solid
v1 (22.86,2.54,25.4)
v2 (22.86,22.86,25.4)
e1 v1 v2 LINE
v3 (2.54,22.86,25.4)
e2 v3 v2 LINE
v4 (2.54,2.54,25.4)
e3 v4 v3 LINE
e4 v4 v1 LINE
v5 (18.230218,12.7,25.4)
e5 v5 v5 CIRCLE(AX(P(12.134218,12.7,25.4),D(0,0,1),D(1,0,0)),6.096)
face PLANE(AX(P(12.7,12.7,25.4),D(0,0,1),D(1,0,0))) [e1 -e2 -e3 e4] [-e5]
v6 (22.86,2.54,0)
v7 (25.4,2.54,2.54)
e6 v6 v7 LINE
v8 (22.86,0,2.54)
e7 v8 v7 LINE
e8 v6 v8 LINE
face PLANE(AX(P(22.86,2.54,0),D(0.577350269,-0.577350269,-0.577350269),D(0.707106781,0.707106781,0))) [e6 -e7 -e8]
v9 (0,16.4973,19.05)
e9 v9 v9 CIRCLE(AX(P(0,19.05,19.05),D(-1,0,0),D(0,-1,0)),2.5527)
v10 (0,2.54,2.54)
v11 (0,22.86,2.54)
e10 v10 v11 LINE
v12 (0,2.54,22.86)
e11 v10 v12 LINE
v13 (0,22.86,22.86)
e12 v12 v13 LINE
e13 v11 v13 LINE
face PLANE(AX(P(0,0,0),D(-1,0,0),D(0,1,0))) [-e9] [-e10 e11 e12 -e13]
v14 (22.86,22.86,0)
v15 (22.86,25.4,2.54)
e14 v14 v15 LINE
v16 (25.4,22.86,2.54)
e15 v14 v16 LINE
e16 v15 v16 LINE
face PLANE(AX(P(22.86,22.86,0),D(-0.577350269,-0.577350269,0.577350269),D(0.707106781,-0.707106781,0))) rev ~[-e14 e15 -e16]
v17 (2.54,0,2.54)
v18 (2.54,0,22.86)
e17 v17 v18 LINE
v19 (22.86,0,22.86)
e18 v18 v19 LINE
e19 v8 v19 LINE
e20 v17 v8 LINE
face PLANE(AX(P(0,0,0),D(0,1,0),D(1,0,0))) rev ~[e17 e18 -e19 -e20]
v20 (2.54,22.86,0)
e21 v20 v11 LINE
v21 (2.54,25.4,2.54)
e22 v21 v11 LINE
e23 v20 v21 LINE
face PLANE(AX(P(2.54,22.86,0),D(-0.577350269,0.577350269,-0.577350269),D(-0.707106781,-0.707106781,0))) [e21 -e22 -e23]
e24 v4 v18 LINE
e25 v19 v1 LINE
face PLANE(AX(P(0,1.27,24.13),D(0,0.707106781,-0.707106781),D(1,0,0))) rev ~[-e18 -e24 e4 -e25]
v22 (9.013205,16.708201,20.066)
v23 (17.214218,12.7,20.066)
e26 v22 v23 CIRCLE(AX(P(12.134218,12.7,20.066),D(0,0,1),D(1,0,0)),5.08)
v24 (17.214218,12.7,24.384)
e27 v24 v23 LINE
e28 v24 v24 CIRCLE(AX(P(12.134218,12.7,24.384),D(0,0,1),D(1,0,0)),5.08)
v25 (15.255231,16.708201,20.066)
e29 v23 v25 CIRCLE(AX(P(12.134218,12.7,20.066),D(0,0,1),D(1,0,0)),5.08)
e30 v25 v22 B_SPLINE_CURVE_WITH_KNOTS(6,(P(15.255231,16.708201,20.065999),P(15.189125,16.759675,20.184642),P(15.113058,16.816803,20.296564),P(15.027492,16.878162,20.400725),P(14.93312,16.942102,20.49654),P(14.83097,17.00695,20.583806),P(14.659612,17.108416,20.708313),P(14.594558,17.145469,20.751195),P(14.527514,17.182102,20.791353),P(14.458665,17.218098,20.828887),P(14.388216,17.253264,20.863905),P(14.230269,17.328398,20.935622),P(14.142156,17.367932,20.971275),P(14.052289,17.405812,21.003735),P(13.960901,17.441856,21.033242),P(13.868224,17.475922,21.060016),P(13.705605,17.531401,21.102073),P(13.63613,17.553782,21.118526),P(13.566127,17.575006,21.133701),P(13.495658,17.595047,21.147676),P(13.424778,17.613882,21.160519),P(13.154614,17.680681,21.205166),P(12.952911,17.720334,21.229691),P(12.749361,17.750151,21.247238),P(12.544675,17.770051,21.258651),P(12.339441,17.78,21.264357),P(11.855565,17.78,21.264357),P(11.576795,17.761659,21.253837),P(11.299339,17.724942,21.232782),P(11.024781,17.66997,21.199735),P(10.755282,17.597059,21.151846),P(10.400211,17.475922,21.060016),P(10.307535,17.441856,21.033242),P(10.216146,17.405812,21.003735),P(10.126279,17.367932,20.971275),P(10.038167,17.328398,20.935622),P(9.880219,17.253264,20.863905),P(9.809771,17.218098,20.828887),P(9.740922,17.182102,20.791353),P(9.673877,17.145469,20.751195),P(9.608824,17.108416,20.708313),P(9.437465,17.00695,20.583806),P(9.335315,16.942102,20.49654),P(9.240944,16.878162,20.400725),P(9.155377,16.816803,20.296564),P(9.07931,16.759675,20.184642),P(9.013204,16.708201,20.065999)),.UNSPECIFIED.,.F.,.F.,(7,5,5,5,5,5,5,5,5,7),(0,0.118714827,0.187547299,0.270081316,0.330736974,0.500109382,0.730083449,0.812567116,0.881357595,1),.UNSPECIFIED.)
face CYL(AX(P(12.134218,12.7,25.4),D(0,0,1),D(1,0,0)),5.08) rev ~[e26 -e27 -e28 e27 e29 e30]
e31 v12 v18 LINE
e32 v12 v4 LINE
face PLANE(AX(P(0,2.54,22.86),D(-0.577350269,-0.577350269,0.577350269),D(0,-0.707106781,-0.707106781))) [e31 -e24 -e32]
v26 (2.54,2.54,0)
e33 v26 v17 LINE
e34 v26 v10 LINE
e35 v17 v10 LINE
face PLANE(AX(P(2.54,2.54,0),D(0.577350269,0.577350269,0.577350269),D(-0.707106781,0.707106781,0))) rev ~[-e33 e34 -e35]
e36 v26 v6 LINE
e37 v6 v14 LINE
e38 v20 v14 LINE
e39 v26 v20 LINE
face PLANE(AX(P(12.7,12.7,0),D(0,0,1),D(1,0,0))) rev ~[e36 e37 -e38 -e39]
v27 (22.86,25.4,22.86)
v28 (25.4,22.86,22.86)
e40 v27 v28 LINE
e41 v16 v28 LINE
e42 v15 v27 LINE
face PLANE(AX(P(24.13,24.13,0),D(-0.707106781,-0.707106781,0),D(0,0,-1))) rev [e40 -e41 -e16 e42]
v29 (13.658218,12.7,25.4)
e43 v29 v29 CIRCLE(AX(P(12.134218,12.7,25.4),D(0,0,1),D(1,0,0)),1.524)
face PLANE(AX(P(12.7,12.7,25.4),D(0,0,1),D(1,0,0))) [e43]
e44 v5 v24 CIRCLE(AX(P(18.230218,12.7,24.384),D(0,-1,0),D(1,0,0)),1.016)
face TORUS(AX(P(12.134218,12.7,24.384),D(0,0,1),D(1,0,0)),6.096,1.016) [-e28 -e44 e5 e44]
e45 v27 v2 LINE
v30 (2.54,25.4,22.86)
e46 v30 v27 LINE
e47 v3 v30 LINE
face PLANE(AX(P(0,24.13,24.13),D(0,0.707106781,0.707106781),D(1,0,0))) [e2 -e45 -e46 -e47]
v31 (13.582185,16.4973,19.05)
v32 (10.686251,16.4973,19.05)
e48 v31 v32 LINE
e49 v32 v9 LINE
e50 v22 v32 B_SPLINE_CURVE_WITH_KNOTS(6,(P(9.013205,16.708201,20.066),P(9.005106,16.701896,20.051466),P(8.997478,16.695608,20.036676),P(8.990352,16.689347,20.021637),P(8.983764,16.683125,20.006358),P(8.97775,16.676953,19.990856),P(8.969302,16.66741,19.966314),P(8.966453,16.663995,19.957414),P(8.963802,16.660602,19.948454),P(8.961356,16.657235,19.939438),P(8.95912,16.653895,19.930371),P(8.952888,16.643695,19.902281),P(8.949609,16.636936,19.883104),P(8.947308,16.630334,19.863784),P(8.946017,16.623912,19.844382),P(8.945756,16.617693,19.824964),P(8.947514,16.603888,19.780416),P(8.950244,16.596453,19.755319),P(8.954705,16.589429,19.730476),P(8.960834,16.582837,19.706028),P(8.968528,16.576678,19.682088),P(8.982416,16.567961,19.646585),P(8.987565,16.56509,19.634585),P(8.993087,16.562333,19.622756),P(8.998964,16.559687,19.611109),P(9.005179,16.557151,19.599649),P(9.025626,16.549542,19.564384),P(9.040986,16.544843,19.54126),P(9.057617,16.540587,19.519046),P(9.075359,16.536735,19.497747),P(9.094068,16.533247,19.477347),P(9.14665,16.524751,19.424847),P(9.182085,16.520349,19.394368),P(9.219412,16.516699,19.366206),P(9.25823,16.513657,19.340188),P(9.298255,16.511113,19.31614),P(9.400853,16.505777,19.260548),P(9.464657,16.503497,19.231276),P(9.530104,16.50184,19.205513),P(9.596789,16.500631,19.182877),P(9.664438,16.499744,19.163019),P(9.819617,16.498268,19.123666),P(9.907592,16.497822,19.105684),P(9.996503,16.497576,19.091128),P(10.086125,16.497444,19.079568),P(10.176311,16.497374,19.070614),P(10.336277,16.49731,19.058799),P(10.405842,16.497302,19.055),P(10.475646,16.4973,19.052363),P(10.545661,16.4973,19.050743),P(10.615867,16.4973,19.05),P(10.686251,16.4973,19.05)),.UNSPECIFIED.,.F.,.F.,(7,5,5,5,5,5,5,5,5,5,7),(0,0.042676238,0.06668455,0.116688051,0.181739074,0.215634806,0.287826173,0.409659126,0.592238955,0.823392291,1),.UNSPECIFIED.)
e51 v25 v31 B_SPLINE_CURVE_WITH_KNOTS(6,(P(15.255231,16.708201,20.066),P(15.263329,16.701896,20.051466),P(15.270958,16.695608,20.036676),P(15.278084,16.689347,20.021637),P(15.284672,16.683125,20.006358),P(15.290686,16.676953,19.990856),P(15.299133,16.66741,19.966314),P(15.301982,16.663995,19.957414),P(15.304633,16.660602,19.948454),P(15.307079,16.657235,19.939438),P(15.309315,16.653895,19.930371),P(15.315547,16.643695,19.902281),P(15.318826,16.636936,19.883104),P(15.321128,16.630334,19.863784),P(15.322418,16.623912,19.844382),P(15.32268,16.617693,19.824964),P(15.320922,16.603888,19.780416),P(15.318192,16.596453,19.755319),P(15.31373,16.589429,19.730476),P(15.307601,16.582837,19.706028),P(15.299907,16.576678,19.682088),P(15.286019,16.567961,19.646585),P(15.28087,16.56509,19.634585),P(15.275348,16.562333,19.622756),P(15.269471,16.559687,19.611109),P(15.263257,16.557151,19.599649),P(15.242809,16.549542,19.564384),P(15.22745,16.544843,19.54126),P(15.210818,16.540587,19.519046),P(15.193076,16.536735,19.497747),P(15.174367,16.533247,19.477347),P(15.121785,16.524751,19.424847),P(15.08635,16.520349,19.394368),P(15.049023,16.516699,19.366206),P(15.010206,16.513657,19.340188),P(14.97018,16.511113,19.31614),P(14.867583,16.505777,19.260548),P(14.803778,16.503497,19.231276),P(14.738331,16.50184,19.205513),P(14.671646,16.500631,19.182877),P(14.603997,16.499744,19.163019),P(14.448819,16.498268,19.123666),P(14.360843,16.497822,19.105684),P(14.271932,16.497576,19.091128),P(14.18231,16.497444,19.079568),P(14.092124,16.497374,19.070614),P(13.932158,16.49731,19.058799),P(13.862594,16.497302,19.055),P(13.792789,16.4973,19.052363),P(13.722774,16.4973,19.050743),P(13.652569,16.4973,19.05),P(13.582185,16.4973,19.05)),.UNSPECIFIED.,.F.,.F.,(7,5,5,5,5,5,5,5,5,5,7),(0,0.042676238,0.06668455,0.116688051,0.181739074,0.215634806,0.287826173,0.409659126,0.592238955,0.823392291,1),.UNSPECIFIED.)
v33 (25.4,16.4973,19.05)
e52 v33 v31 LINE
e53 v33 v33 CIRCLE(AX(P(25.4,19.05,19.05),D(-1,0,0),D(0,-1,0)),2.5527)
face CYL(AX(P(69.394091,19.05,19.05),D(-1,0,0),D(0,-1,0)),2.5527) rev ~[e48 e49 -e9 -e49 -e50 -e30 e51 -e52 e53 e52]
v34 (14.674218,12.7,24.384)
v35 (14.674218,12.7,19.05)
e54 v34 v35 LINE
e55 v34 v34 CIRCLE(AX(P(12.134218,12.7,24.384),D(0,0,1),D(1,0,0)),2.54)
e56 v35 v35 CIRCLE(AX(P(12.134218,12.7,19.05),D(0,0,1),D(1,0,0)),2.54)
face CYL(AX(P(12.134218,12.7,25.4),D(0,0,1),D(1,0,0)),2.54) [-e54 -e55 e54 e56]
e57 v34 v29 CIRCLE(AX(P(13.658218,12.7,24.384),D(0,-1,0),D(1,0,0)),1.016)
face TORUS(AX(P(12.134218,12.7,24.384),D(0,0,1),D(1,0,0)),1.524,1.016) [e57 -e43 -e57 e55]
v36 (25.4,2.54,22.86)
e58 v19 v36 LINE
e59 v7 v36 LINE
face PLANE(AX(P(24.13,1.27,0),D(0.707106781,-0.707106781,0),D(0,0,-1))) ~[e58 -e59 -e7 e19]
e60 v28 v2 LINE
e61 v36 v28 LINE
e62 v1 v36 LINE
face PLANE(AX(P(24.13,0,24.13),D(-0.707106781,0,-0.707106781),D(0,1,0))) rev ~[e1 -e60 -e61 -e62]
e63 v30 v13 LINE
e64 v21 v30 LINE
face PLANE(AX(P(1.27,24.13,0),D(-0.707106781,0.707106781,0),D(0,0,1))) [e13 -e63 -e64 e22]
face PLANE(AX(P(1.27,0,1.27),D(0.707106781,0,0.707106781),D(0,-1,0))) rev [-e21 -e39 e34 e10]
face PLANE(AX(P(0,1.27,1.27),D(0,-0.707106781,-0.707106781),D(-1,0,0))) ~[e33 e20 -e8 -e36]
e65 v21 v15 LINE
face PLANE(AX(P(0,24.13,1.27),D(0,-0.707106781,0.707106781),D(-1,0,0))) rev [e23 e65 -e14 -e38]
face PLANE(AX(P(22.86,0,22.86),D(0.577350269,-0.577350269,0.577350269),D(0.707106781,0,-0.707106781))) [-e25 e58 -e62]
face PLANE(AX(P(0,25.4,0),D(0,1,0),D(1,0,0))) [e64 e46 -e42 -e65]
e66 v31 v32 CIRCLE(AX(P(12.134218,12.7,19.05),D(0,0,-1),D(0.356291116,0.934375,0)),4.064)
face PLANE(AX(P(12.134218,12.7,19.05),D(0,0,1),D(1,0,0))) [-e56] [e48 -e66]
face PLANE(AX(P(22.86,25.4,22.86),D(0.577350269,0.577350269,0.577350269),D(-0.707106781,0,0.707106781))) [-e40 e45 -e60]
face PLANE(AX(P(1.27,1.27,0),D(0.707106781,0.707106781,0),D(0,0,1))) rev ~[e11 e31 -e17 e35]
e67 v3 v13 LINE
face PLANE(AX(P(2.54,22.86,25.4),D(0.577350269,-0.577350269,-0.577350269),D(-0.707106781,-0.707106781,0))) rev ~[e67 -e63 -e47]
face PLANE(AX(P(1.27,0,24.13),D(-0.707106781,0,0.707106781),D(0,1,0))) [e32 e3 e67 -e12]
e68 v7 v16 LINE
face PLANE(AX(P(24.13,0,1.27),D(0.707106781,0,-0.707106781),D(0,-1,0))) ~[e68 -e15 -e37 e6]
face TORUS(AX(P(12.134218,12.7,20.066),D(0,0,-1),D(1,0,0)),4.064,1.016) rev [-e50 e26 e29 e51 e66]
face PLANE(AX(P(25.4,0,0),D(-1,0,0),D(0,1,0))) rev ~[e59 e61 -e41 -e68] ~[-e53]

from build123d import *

# Parameters (mm, degrees)
F0_W     = 25.4
F0_H     = 25.4
F1_DEPTH = 25.4
F2_R     = 5.08
F2_R_2   = 2.54
F3_DEPTH = 6.35
F4_R     = 1.016
F5_SIZE  = 2.54
F7_D     = 5.1054


with BuildPart() as f1:
    # F0 (on Top) → F1 (new body)
    with BuildSketch(Plane.XY):
        with Locations((12.7, 12.7)):
            Rectangle(F0_W, F0_H)
    extrude(amount=F1_DEPTH)

    # F2 (on face) → F3 (cut)
    with BuildSketch(Plane.XY.offset(25.4)):
        with Locations((12.1342176571, 12.7)):
            Circle(F2_R)
        with Locations((12.1342176571, 12.7)):
            Circle(F2_R_2, mode=Mode.SUBTRACT)
    extrude(amount=-F3_DEPTH, mode=Mode.SUBTRACT)

    # F4
    f4_edges = [f1.edges().sort_by_distance(p)[0] for p in [
        (9.594218, 12.7, 25.4),
        (17.214218, 12.7, 22.225),
        (7.054218, 12.7, 25.4),
        (7.054218, 12.7, 19.05),
    ]]
    fillet(f4_edges, radius=F4_R)

    # F5
    f5_edges = [f1.edges().sort_by_distance(p)[0] for p in [
        (25.4, 12.7, 25.4),
        (25.4, 25.4, 12.7),
        (0, 25.4, 12.7),
        (12.7, 25.4, 0),
        (12.7, 25.4, 25.4),
        (12.7, 0, 25.4),
        (0, 12.7, 25.4),
        (0, 0, 12.7),
        (25.4, 0, 12.7),
        (12.7, 0, 0),
        (0, 12.7, 0),
        (25.4, 12.7, 0),
    ]]
    chamfer(f5_edges, length=F5_SIZE)

    # F7 (through all)
    with Locations(Plane.YZ.offset(25.4)):
        with Locations((19.05, 19.05)):
            Hole(F7_D / 2)


solid = f1.part
